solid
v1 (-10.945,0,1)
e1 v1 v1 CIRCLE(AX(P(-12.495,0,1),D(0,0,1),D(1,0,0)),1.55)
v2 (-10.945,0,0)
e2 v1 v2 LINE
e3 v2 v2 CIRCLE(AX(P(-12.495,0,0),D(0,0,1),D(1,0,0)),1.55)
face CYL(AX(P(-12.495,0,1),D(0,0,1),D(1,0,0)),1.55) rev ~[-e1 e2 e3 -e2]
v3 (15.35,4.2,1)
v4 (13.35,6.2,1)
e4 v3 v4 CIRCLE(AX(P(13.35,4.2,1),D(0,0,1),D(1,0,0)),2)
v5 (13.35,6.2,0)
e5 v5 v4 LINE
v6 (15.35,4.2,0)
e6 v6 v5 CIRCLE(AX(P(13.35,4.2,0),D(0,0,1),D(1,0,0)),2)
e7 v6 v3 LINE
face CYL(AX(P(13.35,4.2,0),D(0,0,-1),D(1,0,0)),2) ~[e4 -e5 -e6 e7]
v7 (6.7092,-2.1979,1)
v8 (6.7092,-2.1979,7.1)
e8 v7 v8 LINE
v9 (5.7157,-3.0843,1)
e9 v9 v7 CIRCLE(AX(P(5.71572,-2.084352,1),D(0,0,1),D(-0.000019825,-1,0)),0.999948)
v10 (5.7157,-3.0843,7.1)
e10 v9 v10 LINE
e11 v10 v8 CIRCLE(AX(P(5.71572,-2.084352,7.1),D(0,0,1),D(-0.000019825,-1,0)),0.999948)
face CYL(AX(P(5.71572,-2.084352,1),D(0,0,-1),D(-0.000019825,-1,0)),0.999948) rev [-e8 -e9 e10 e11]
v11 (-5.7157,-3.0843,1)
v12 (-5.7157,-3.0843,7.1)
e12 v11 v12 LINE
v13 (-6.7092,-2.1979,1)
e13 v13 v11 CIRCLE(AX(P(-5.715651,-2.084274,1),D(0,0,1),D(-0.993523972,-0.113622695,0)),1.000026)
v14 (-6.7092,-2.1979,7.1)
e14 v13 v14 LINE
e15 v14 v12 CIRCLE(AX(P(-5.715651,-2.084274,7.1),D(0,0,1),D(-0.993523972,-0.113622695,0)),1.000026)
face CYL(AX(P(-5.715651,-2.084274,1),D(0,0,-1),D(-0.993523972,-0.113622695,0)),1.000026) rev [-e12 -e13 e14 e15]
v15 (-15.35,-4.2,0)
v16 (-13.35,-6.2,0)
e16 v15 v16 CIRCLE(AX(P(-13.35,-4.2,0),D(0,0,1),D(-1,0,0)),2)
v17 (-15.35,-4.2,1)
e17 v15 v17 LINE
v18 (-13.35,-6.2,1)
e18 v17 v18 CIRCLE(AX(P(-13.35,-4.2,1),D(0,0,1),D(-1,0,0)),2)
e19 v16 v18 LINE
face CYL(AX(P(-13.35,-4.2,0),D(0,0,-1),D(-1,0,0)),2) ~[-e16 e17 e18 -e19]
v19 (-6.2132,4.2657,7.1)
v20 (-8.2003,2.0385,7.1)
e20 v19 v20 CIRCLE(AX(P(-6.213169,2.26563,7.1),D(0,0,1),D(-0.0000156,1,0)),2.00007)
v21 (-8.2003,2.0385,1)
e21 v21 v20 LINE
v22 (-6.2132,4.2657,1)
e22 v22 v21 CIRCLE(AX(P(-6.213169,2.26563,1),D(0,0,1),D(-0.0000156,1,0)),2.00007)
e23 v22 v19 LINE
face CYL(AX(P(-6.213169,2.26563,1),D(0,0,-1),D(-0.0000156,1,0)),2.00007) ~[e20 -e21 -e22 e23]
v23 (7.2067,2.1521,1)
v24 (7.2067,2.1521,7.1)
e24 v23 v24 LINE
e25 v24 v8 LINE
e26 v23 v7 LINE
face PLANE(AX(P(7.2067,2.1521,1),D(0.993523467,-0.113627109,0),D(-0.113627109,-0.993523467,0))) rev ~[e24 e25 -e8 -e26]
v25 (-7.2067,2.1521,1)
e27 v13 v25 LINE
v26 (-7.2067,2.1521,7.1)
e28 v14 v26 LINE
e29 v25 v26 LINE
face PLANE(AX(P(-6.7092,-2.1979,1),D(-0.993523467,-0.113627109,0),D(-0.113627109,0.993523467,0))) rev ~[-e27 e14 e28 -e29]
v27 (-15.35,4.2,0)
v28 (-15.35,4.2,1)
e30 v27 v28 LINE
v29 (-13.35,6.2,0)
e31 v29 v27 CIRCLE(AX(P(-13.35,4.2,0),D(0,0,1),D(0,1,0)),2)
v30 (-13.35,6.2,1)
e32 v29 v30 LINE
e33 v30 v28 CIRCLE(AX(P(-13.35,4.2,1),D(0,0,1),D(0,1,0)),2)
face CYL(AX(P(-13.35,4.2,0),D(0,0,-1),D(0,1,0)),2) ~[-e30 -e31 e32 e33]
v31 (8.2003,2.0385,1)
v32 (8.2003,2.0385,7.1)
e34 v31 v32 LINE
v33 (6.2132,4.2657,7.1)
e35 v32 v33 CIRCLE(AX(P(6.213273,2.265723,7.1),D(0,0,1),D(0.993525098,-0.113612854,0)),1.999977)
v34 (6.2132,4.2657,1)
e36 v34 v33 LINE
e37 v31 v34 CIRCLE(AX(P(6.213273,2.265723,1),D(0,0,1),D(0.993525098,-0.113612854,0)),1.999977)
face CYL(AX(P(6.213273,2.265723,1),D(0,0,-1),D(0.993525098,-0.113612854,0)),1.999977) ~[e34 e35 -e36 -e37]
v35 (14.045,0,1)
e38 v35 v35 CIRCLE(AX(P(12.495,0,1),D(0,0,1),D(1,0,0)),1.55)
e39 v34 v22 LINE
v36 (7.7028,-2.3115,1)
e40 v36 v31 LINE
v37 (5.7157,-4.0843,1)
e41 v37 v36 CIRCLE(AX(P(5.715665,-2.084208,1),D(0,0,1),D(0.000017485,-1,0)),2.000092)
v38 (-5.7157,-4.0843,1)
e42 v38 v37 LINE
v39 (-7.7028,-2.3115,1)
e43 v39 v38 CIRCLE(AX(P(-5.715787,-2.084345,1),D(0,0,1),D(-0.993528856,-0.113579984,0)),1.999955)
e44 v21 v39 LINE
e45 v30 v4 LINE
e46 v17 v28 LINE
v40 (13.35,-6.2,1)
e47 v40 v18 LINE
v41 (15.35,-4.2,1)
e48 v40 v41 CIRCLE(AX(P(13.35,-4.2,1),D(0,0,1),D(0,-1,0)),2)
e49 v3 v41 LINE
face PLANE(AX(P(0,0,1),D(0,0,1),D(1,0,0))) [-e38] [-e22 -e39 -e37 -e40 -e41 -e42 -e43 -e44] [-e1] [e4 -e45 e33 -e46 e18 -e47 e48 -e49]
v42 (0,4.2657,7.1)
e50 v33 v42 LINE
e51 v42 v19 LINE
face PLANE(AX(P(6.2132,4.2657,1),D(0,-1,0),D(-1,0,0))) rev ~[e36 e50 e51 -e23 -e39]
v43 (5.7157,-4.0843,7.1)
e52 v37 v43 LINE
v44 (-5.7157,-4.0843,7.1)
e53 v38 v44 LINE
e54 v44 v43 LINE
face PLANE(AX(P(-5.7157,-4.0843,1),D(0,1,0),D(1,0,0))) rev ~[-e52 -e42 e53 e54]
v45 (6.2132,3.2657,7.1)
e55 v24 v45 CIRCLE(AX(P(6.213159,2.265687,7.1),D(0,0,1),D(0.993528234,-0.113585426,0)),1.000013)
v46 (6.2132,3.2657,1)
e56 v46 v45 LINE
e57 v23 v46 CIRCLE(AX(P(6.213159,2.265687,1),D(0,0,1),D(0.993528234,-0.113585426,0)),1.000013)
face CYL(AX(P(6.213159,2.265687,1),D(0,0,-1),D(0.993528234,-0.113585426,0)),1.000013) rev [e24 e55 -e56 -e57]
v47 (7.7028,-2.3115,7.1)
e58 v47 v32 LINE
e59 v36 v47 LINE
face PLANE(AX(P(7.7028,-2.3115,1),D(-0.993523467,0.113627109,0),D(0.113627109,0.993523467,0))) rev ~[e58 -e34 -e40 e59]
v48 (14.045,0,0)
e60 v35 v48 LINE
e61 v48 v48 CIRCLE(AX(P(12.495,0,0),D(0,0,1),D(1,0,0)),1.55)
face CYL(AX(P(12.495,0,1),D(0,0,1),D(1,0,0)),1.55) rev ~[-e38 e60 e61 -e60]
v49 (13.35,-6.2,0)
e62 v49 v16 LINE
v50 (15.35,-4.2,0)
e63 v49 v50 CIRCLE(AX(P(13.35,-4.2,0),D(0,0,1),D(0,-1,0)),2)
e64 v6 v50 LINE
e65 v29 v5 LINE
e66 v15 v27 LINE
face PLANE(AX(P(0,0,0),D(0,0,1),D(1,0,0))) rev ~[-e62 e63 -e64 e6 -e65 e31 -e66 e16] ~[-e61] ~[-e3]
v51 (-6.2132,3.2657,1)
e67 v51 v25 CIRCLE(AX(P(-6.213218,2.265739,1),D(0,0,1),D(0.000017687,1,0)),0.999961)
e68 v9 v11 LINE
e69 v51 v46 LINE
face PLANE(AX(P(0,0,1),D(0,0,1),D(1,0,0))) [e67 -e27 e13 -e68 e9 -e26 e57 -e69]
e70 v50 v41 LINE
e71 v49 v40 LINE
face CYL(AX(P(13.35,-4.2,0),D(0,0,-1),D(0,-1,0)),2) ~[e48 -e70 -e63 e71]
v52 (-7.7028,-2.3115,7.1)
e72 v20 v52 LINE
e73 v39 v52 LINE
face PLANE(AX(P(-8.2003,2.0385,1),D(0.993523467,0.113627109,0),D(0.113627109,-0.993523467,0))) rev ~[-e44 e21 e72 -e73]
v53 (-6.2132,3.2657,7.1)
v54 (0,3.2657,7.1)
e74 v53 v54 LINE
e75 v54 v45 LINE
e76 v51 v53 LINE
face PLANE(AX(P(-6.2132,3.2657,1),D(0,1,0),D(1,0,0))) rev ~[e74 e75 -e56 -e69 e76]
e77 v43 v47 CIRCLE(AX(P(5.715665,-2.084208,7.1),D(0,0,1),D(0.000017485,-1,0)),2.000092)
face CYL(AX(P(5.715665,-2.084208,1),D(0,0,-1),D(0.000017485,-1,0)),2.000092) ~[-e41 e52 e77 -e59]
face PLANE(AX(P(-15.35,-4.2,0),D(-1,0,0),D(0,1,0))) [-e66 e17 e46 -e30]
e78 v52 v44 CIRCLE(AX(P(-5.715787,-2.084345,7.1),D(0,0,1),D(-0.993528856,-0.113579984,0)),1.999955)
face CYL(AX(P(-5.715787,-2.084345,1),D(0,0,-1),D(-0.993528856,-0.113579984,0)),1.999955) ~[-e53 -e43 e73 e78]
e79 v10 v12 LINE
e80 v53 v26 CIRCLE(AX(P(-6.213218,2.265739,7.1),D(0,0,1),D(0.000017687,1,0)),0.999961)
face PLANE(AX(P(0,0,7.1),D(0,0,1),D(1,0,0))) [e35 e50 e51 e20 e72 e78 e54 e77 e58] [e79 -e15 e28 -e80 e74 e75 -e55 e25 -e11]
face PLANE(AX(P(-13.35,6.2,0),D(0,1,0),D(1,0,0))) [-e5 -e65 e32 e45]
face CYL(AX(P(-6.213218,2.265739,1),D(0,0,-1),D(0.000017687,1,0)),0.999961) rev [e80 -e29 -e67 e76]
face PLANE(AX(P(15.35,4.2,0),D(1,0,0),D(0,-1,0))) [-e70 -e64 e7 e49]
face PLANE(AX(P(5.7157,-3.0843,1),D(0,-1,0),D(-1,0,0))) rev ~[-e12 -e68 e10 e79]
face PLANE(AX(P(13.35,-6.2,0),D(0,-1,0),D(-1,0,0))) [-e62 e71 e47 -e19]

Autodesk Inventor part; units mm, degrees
ref_plane "YZ Plane" through (0, 0, 0) normal (1, 0, 0) x (0, 1, 0)
ref_plane "XZ Plane" through (0, 0, 0) normal (0, 1, 0) x (-1, 0, 0)
ref_plane "XY Plane" through (0, 0, 0) normal (0, 0, 1) x (1, 0, 0)
sketch "Sketch1" plane through (0, 0, 0) normal (0, 0, 1) x (1, 0, 0)
  line L0 (-13.35, 6.2) -> (13.35, 6.2)
  line L1 (15.35, 4.2) -> (15.35, -4.2)
  line L2 (13.35, -6.2) -> (-13.35, -6.2)
  line L3 (-15.35, -4.2) -> (-15.35, 4.2)
  line L4 (-15.35, 6.2) -> (15.35, -6.2) construction
  line L5 (15.35, 6.2) -> (-15.35, -6.2) construction
  arc A0 (-13.35, 6.2) -> (-15.35, 4.2) centre (-13.35, 4.2) ccw
  arc A1 (15.35, 4.2) -> (13.35, 6.2) centre (13.35, 4.2) ccw
  arc A2 (13.35, -6.2) -> (15.35, -4.2) centre (13.35, -4.2) ccw
  arc A3 (-15.35, -4.2) -> (-13.35, -6.2) centre (-13.35, -4.2) ccw
  point P0 (0, 0)
  dimension "d0" = 12.4
  dimension "d1" = 30.7
  dimension "d2" = 2
extrude "Extrusion1" add sketch "Sketch1" along normal blind 1
sketch "Sketch2" plane through (0, 0, 1) normal (0, 0, 1) x (1, 0, 0)
  circle A0 centre (-12.495, 0) radius 1.55
  circle A1 centre (12.495, 0) radius 1.55
  line L0 (0, 0) -> (0, 2.0374)
  dimension "d5" = 3.1
  dimension "d6" = 24.99
extrude "Extrusion2" cut sketch "Sketch2" against normal through all
sketch "Sketch3" plane through (0, 0, 1) normal (0, 0, 1) x (1, 0, 0)
  line L0 (6.2132, 4.2657) -> (-6.2132, 4.2657)
  line L1 (-8.2003, 2.0385) -> (-7.7028, -2.3115)
  line L2 (-5.7157, -4.0843) -> (5.7157, -4.0843)
  line L3 (7.7028, -2.3115) -> (8.2003, 2.0385)
  line L4 (0, 0) -> (0, 9.8528)
  arc A0 (-6.2132, 4.2657) -> (-8.2003, 2.0385) centre (-6.2132, 2.2657) ccw
  arc A1 (8.2003, 2.0385) -> (6.2132, 4.2657) centre (6.2132, 2.2657) ccw
  arc A2 (5.7157, -4.0843) -> (7.7028, -2.3115) centre (5.7157, -2.0843) ccw
  arc A3 (-7.7028, -2.3115) -> (-5.7157, -4.0843) centre (-5.7157, -2.0843) ccw
  line L5 (6.2132, 2.2657) -> (-5.7157, -2.0843)
  line L6 (-6.2132, 2.2657) -> (5.7157, -2.0843)
  line L7 (-6.2132, 3.2657) -> (6.2132, 3.2657)
  arc A4 (7.2067, 2.1521) -> (6.2132, 3.2657) centre (6.2132, 2.2657) ccw
  line L8 (7.2067, 2.1521) -> (6.7092, -2.1979)
  arc A5 (5.7157, -3.0843) -> (6.7092, -2.1979) centre (5.7157, -2.0843) ccw
  line L9 (5.7157, -3.0843) -> (-5.7157, -3.0843)
  arc A6 (-6.7092, -2.1979) -> (-5.7157, -3.0843) centre (-5.7157, -2.0843) ccw
  line L10 (-6.7092, -2.1979) -> (-7.2067, 2.1521)
  arc A7 (-6.2132, 3.2657) -> (-7.2067, 2.1521) centre (-6.2132, 2.2657) ccw
  point P0 (8.455, 4.2657)
  point P1 (-8.455, 4.2657)
  point P2 (-7.5, -4.0843)
  point P3 (7.5, -4.0843)
  dimension "d9" = 8.35
  dimension "d10" = 16.91
  dimension "d11" = 15
  dimension "d12" = 2
  dimension "d15" = 1
extrude "Extrusion3" add sketch "Sketch3" along normal blind 6.1
properties part number "Dsub_9pin_female" material "Aluminum 6061"
